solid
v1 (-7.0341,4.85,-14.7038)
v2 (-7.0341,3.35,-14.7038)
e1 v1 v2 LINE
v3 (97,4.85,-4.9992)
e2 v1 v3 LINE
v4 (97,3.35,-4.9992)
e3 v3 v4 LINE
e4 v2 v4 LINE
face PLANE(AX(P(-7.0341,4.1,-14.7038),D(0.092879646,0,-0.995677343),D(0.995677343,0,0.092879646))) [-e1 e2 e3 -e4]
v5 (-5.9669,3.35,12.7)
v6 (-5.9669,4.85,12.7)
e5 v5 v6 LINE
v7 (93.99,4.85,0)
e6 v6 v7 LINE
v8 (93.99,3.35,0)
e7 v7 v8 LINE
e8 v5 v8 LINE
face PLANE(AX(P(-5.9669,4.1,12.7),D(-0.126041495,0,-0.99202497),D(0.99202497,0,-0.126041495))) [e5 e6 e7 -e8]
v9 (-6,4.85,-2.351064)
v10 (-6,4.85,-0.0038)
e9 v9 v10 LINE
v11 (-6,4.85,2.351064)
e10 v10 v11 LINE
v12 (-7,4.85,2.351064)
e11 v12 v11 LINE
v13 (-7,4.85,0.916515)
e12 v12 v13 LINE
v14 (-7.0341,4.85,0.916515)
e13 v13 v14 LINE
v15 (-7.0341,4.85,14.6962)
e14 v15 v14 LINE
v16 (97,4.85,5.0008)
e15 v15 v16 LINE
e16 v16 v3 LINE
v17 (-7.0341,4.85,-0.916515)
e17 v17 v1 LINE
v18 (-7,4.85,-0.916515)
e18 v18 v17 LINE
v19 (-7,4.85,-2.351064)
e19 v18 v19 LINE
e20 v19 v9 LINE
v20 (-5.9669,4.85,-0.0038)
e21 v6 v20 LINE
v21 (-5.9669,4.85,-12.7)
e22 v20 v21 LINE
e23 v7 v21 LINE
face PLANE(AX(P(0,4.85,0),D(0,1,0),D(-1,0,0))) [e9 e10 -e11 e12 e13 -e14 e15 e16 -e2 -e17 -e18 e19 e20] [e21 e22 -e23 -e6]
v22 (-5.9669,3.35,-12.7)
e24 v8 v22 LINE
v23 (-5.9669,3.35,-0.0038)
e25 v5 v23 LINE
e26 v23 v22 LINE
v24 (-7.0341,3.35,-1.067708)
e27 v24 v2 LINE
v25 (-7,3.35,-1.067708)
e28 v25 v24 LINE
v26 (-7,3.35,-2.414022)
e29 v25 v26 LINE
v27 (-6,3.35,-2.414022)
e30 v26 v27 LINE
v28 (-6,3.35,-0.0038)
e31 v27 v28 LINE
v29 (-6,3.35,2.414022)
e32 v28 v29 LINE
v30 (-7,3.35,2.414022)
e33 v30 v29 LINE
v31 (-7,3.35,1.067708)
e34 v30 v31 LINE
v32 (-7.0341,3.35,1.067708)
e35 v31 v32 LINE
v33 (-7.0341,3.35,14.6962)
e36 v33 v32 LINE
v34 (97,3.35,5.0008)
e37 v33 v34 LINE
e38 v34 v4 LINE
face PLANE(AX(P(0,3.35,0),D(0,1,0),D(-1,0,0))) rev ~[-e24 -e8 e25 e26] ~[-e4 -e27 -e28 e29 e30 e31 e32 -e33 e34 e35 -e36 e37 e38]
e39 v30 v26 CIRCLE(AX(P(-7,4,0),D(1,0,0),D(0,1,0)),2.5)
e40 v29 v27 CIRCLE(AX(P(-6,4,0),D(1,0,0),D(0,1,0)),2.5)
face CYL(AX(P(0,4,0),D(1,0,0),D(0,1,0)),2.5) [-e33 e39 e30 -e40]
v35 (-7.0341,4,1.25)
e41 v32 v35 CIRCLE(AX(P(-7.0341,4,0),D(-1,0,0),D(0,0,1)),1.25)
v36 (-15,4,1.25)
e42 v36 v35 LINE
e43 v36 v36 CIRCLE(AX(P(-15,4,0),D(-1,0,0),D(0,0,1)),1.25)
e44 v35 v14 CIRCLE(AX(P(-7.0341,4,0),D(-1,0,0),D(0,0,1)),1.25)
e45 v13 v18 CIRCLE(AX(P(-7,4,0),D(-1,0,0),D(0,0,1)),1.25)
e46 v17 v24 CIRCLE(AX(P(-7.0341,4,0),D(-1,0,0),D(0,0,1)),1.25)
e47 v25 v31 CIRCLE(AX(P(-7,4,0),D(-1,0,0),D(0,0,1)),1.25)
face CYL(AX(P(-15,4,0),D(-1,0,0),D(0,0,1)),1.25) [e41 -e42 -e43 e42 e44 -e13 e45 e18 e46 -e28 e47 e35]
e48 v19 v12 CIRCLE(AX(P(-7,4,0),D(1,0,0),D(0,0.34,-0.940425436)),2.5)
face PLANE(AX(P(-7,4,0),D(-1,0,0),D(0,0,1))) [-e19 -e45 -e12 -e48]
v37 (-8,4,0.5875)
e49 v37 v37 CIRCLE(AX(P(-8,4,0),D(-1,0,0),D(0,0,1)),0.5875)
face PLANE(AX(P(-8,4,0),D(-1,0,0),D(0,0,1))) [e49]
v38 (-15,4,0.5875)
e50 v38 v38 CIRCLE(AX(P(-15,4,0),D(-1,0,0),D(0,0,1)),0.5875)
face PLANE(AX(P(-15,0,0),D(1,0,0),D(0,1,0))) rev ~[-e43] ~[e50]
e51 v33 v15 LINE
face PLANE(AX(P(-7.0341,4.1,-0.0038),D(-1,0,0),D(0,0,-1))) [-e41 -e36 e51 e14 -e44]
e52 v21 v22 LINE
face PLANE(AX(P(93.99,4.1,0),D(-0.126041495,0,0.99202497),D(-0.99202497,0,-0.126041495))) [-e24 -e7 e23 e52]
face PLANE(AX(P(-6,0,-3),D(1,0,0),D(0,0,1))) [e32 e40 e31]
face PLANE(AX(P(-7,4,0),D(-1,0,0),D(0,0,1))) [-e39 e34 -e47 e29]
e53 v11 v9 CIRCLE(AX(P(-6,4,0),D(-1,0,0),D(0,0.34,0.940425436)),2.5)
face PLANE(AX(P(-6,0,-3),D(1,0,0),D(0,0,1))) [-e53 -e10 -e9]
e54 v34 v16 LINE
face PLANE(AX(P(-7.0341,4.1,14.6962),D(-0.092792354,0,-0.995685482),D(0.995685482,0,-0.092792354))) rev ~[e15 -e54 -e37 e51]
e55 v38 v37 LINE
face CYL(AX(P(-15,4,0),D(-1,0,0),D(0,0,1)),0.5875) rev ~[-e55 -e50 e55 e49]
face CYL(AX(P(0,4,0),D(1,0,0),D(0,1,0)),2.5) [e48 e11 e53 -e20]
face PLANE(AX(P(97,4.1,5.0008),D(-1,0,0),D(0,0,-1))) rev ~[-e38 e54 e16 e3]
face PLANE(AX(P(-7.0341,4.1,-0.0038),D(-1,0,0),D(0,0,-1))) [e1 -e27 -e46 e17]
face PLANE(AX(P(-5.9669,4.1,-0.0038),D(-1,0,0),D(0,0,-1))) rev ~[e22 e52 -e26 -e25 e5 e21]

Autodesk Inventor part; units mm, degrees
ref_plane "YZ Plane" through (0, 0, 0) normal (1, 0, 0) x (0, 1, 0)
ref_plane "XY Plane" through (0, 0, 0) normal (0, 0, 1) x (1, 0, 0)
sketch "Sketch1" plane through (0, 0, 0) normal (0, 1, 0) x (-1, 0, 0)
  arc A0 (0, -5) -> (0, 5) centre (0, 0) ccw
  line L0 (0, 5) -> (0, -5)
  dimension "d0" = 10
extrude "Extrusion1" add sketch "Sketch1" along normal blind 10
sketch "Sketch2" plane through (0, 0, 0) normal (1, 0, 0) x (0, 1, 0)
  line L0 (8.0172, -4.5) -> (8.0172, 4.5)
  line L1 (8.0172, 4.5) -> (2.5172, 4.5)
  line L2 (2.5172, -4.5) -> (0.0172, -2)
  line L3 (2.5172, 4.5) -> (0.0172, 2)
  line L4 (0.0172, -2) -> (0.0172, 2)
  line L5 (8.0172, -4.5) -> (2.5172, -4.5)
  point P0 (0, 0)
  dimension "d3" = 9
  dimension "d4" = 8
sketch "Sketch3" plane through (0, 0, 0) normal (1, 0, 0) x (0, 1, 0)
  line L0 (0, 2) -> (3, 5)
  arc A0 (3, 5) -> (0, 2) centre (1, 4) ccw
  line L1 (0, -2) -> (4, -6)
  arc A1 (0, -2) -> (4, -6) centre (1.75, -4.25) ccw
  line L2 (8.0325, 5) -> (11, 5)
  line L3 (11, 5) -> (11, -6)
  line L4 (11, -6) -> (8.0325, -6)
  line L5 (8.0325, -6) -> (8.0325, 5)
  line L6 (2.4911, 4.4911) -> (5, 7)
  line L7 (2.4911, 4.4911) -> (8.0325, 4.4911)
  arc A2 (8.0325, 4.4911) -> (5, 7) centre (7, 6.3303) ccw
  line L8 (2.4911, -4.4911) -> (8.5706, -4.4911)
  arc A3 (2.4911, -4.4911) -> (8.5706, -4.4911) centre (5.5309, -7.5041) ccw
  point P0 (0, 0)
extrude "Extrusion2" cut sketch "Sketch3" against normal through all
sketch "Sketch4" plane through (0, 0, 0) normal (0, 1, 0) x (-1, 0, 0)
  arc A0 (1.0726, -4.4911) -> (1.0726, 4.4911) centre (-1.125, 0) ccw
  arc A1 (1.0726, 4.4911) -> (1.0726, -4.4911) centre (-0.4517, 0) ccw
  point P0 (0, 0)
  point P1 (2.1976, -4.4911)
  point P2 (2.1976, 4.4911)
  dimension "d9" = 1.125
  dimension "d10" = 1.125
extrude "Extrusion3" cut sketch "Sketch4" along normal through all both and the other way through all
sketch "Sketch5" plane through (0, 0, 0) normal (1, 0, 0) x (0, 1, 0)
  line L0 (1.6, -1.2445) -> (1.6, 1.1555)
  line L1 (6.4325, 2.6911) -> (3.1125, 2.6911)
  line L2 (6.4325, -2.6911) -> (6.4325, 2.6911)
  line L3 (6.4325, -2.6911) -> (3.1125, -2.6911)
  line L4 (0, 2) -> (0, -2) projected
  line L5 (8.0325, 4.4911) -> (8.0325, -4.4911) projected
  line L6 (0, 2) -> (2.4911, 4.4911) projected
  line L7 (2.4911, 4.4911) -> (8.0325, 4.4911) projected
  line L8 (8.0325, 4.4911) -> (8.0325, -4.4911) projected
  line L9 (8.0325, -4.4911) -> (2.4911, -4.4911) projected
  line L10 (2.4911, -4.4911) -> (0, -2) projected
  line L11 (0, 2) -> (0, -2) projected
  line L12 (1.6, 1.1555) -> (3.1125, 2.6911)
  line L13 (1.6, -1.2445) -> (3.1125, -2.6911)
  line L14 (1.6, 4.6579) -> (1.6, -5.3823)
  arc A0 (1.6, 4.6579) -> (1.6, -5.3823) centre (3.2437, -0.3622) ccw
  line L15 (1.6, 1.1555) -> (5.4757, 5.0906)
  line L16 (1.6, 1.1555) -> (1.6, 7.5999)
  arc A1 (5.4757, 5.0906) -> (1.6, 7.5999) centre (3.8837, 6.8794) ccw
  line L17 (3.1125, 2.6911) -> (12.4034, 2.6911)
  line L18 (3.1125, 2.6911) -> (8.5318, 8.1936)
  arc A2 (12.4034, 2.6911) -> (8.5318, 8.1936) centre (8.3272, 3.9364) ccw
  line L19 (6.4325, 2.6911) -> (13.6333, 2.6911)
  line L20 (6.4325, 2.6911) -> (6.4325, -9.3636)
  arc A3 (6.4325, -9.3636) -> (13.6333, 2.6911) centre (6.37, -1.1482) ccw
  line L21 (6.4325, -2.6911) -> (6.4325, -11.5775)
  line L22 (6.4325, -2.6911) -> (3.1125, -2.6911)
  line L23 (3.1125, -2.6911) -> (3.2437, -12.8567)
  arc A4 (3.2437, -12.8567) -> (6.4325, -9.3636) centre (5.6123, -11.8169) ccw
  line L24 (1.6, -1.2445) -> (1.6, -8.2222)
  line L25 (1.6, -1.2445) -> (3.1125, -2.6911)
  line L26 (3.1125, -2.6911) -> (3.1946, -9.0574)
  arc A5 (1.6, -8.2222) -> (3.1946, -9.0574) centre (2.6381, -8.1801) ccw
  point P0 (0, 0)
  dimension "d16" = 1.6
  dimension "d18" = 1.6
  dimension "d21" = 1.8
  dimension "d23" = 1.8
  dimension "d24" = 2.4
  dimension "d26" = 3.32
  dimension "d27" = 3.32
extrude "Extrusion4" cut sketch "Sketch5" against normal through all contours L14 L10 L4 L6 L0 | L13 L23 L9 L10 L14 | L14 L6 L7 L15 L12 | L3 L20 L9 L23 | L14 A0 L6 L4 L10 | L10 L9 L23 A5 L24 L14 | L15 L7 L5 L17 L1 | L14 L16 A1 L15 L7 L6 | L2 L17 L5 L9 L20 | L9 L20 A4 L23 | L15 L18 A2 L17 L5 L7 | L9 L5 L17 L19 A3 L20
sketch "Sketch6" plane through (0, 0, 0) normal (1, 0, 0) x (0, 1, 0)
  circle A0 centre (4, 0) radius 2.5
  line L0 (1.6, -1.2445) -> (1.6, 1.1555) projected
  point P0 (0, 0)
  dimension "d31" = 5
  dimension "d32" = 2.4
extrude "Extrusion5" add sketch "Sketch6" against normal blind 15
sketch "Sketch7" plane through (0, 0, 0) normal (0, 1, 0) x (-1, 0, 0)
  arc A0 (3.089, -2.6911) -> (3.7176, -1.2445) centre (-1.125, 0) ccw
  arc A1 (3.7397, 1.1555) -> (3.089, 2.6911) centre (-1.125, 0) ccw projected
  arc A2 (3.7176, -1.2445) -> (3.7397, 1.1555) centre (-1.125, 0) ccw
  arc A3 (3.089, 2.6911) -> (3.089, -2.6911) centre (1.3425, 0) ccw
  point P0 (0, 0)
extrude "Extrusion6" cut sketch "Sketch7" along normal through all
sketch "Sketch8" plane through (-15, 4, 0) normal (-1, 0, 0) x (0, 0, 1)
  circle A0 centre (0, 0) radius 0.5875
  point P0 (0, -4)
  dimension "d37" = 1.175
extrude "Extrusion7" cut sketch "Sketch8" against normal blind 7
sketch "Sketch9" plane through (0, 0, 0) normal (0, 1, 0) x (-1, 0, 0)
  line L0 (6, 3) -> (2, 3)
  line L1 (2, 3) -> (2, -3)
  line L2 (2, -3) -> (6, -3)
  line L3 (6, -3) -> (6, 3)
  point P0 (0, 0)
extrude "Extrusion8" cut sketch "Sketch9" along normal through all both and the other way through all
sketch "Sketch10" plane through (-15, 4, 0) normal (-1, 0, 0) x (0, 0, 1)
  circle A0 centre (0, 0) radius 1.25
  circle A1 centre (0, 0) radius 3.9528
  point P0 (0, -4)
  dimension "d67" = 2.5
extrude "Extrusion9" cut sketch "Sketch10" against normal blind 8
ref_plane "Work Plane1" through (0, 4.1, 0) normal (0, 1, 0) x (-1, 0, 0)
sketch "Sketch12" plane through (0, 4.1, 0) normal (0, 1, 0) x (-1, 0, 0)
  line L0 (15, -1) -> (15, 1)
  line L1 (5.9669, 12.7) -> (5.9669, -12.7)
  line L2 (5.9669, 12.7) -> (-93.99, 0)
  line L3 (-93.99, 0) -> (5.9669, -12.7)
  line L4 (7.0341, 14.6962) -> (7.0341, -14.7038)
  line L5 (2.03, -0.0038) -> (19.03, -0.0038)
  line L6 (-97, 5.0008) -> (-97, -4.9992)
  line L7 (7.0341, 14.6962) -> (-97, 5.0008)
  line L8 (7.0341, -14.7038) -> (-97, -4.9992)
  point P0 (0, 0)
  point P1 (0, 0)
  dimension "d61" = 25.4
  dimension "d62" = 29.4
  dimension "d63" = 14.7
  dimension "d64" = 10
extrude "Extrusion11" add sketch "Sketch12" along normal mid plane 1.5
properties part number "piezo_mounted_whisk_deflector_LONG"
